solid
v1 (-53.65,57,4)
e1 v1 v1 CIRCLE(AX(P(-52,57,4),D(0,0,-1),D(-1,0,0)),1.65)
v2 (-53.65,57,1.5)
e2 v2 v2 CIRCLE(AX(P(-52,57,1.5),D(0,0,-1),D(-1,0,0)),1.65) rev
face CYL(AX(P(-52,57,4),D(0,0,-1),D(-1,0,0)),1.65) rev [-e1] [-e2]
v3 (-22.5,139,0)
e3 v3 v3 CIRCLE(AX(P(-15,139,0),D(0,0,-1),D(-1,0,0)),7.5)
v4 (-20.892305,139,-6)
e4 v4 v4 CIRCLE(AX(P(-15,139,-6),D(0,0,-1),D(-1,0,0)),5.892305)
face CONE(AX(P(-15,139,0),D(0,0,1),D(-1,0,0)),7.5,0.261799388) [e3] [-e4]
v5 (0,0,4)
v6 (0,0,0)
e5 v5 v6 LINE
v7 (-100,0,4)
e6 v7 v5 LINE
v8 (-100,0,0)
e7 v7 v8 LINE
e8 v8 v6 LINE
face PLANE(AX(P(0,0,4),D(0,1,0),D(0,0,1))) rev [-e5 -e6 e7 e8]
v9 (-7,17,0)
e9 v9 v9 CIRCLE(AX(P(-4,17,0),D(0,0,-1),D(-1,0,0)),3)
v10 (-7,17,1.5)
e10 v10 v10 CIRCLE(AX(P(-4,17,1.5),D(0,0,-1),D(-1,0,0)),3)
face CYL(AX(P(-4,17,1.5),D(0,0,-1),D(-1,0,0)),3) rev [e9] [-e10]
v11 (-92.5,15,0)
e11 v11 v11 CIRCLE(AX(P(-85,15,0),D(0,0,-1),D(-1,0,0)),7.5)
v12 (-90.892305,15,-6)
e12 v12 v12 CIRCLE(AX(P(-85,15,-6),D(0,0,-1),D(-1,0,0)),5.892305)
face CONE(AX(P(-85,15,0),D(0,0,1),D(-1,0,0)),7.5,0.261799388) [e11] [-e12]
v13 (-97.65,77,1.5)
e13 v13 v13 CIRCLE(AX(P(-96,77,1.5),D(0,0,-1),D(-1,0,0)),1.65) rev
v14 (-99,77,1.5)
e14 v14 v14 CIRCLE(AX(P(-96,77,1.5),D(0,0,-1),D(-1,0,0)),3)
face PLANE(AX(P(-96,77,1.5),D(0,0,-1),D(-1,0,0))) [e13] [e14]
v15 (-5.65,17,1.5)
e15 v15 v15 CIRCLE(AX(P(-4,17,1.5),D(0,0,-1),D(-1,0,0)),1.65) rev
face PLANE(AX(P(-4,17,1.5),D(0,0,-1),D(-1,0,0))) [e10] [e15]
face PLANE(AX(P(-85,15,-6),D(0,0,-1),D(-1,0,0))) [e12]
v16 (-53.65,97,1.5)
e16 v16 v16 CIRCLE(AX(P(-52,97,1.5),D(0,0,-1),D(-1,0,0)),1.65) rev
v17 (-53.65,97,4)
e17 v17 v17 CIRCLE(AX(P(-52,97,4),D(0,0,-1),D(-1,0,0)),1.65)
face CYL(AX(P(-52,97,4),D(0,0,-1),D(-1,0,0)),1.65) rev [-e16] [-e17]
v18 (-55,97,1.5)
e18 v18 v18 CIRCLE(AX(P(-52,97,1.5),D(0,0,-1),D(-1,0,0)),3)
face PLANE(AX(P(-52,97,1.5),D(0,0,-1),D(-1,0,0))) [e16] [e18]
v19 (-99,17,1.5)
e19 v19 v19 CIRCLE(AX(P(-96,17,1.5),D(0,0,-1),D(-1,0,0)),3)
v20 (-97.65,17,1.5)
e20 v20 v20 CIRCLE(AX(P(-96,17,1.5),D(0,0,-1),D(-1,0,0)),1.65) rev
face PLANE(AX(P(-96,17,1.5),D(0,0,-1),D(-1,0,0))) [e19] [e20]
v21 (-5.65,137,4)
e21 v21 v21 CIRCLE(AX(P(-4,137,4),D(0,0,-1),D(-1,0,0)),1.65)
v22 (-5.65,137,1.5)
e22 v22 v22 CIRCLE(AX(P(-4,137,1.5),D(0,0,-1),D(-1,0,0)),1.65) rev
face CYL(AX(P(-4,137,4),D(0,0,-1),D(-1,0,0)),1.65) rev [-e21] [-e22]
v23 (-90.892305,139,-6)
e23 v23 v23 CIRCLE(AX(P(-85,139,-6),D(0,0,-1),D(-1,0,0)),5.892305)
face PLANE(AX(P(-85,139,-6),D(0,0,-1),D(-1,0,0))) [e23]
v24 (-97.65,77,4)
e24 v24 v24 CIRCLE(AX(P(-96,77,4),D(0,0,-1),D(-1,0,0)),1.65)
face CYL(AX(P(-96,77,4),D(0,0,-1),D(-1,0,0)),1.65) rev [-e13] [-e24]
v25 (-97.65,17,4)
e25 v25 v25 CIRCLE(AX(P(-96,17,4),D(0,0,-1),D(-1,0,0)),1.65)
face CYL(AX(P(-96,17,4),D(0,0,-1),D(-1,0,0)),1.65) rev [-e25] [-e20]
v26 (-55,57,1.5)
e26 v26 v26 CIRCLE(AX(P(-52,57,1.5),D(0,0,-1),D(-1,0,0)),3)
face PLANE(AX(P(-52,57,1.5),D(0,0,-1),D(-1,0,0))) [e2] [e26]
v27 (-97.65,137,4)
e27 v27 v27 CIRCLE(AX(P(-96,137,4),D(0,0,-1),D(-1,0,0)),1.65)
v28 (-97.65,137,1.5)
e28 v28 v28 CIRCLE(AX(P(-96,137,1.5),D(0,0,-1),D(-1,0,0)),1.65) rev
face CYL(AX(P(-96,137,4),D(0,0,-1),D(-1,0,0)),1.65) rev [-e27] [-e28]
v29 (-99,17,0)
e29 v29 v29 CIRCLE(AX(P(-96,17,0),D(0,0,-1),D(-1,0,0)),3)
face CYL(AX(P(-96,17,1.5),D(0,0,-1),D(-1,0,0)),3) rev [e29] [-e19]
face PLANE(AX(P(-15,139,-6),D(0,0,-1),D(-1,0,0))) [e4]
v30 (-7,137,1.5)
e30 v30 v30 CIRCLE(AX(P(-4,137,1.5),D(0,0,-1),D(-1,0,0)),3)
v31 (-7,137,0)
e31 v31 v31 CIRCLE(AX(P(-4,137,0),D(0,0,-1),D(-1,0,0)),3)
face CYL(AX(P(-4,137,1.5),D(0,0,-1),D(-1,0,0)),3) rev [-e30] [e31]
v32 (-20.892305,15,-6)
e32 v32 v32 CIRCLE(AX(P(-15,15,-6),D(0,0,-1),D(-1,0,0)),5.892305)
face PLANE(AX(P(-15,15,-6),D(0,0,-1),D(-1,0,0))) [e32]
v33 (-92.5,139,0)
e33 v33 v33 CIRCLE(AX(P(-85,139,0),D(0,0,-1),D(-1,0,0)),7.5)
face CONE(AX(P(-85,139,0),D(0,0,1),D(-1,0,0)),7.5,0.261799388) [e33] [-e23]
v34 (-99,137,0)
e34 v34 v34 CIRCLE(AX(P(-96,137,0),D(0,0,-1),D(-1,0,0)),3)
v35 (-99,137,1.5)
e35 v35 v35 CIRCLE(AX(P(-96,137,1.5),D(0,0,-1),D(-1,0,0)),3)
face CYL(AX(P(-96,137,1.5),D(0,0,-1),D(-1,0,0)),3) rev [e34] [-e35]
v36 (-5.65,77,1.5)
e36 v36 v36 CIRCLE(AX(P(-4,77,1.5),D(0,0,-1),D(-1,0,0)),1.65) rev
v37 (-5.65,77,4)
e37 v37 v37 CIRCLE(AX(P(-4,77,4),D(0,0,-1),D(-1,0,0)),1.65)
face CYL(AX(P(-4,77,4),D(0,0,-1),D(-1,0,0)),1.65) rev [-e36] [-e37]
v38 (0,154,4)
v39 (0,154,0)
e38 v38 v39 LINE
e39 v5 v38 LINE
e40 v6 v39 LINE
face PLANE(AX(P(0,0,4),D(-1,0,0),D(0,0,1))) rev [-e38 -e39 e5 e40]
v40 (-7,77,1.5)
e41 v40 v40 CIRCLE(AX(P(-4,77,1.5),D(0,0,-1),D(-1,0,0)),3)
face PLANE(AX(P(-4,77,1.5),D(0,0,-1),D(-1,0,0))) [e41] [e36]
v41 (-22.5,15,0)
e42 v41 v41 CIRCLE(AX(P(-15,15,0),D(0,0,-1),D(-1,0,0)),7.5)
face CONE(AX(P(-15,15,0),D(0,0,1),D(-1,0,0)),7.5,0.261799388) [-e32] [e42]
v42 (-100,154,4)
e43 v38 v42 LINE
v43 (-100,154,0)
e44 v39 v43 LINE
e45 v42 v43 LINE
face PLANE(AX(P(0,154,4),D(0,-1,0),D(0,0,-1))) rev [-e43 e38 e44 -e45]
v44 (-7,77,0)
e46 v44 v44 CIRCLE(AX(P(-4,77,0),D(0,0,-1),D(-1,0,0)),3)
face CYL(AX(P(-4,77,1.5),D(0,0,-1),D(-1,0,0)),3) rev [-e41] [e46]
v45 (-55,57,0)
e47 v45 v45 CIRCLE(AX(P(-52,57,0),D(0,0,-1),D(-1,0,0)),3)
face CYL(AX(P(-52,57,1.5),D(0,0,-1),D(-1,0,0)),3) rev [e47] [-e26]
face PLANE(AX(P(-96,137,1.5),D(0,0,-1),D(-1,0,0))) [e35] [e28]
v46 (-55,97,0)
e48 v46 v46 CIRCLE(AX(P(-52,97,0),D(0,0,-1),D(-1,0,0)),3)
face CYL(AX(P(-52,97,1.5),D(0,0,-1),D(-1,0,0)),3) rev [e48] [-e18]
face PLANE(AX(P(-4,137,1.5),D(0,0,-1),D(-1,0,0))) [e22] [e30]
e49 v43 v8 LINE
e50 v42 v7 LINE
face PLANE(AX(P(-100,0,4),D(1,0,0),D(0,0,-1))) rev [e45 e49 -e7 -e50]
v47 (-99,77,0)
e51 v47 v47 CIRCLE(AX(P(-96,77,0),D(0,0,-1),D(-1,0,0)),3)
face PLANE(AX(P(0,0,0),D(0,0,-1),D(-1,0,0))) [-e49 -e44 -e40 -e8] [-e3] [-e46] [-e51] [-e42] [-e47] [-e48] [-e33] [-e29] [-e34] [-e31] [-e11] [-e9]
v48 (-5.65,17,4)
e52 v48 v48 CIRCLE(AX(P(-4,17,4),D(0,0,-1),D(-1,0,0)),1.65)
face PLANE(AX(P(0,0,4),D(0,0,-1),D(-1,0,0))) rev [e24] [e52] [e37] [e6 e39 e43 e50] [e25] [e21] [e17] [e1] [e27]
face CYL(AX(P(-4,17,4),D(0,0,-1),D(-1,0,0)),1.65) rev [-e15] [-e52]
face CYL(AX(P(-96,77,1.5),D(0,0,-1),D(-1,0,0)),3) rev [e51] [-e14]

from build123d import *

# Parameters (mm, degrees)
SKETCH1_W                     = 154
SKETCH1_H                     = 100
BOSS_EXTRUDE1_DEPTH           = 4
SKETCH2_R                     = 1.65
CUT_EXTRUDE1_DEPTH            = 184.66273438
SKETCH3_R                     = 7.5
BOSS_EXTRUDE2_DEPTH           = 6
BOSS_EXTRUDE2_DRAFT           = 15
BOSS_EXTRUDE2_PROFILE_2_DEPTH = 6
BOSS_EXTRUDE2_PROFILE_2_DRAFT = 15
BOSS_EXTRUDE2_PROFILE_3_DEPTH = 6
BOSS_EXTRUDE2_PROFILE_3_DRAFT = 15
BOSS_EXTRUDE2_PROFILE_4_DEPTH = 6
BOSS_EXTRUDE2_PROFILE_4_DRAFT = 15
SKETCH4_R                     = 3
CUT_EXTRUDE2_DEPTH            = 1.5


with BuildPart() as part:
    # Sketch1 → Boss-Extrude1 (new body)
    with BuildSketch(Plane(origin=(0, 0, 0), x_dir=(0, 1, 0), z_dir=(0, 0, 1))):
        with Locations((77, 50)):
            Rectangle(SKETCH1_W, SKETCH1_H)
    extrude(amount=BOSS_EXTRUDE1_DEPTH)

    # Sketch2 → Cut-Extrude1 (cut, through all)
    with BuildSketch(Plane(origin=(0, 0, 0), x_dir=(1, 0, 0), z_dir=(0, 0, -1))):
        with Locations(Location((-4, -77, 0), (0, 0, 180))):
            Circle(SKETCH2_R)
        with Locations(Location((-4, -17, 0), (0, 0, 180))):
            Circle(SKETCH2_R)
        with Locations(Location((-4, -137, 0), (0, 0, 180))):
            Circle(SKETCH2_R)
        with Locations(Location((-96, -137, 0), (0, 0, 180))):
            Circle(SKETCH2_R)
        with Locations(Location((-96, -77, 0), (0, 0, 180))):
            Circle(SKETCH2_R)
        with Locations(Location((-96, -17, 0), (0, 0, 180))):
            Circle(SKETCH2_R)
        with Locations(Location((-52, -97, 0), (0, 0, 180))):
            Circle(SKETCH2_R)
        with Locations(Location((-52, -57, 0), (0, 0, 180))):
            Circle(SKETCH2_R)
    extrude(amount=-CUT_EXTRUDE1_DEPTH, mode=Mode.SUBTRACT)


with BuildPart() as boss_extrude2_tool:
    # Sketch3 → Boss-Extrude2 (with draft: the straight prism first)
    with BuildSketch(Plane(origin=(0, 0, 0), x_dir=(1, 0, 0), z_dir=(0, 0, -1))):
        with Locations((-85, -15)):
            Circle(SKETCH3_R)
    extrude(amount=BOSS_EXTRUDE2_DEPTH)
    # Boss-Extrude2: the draft: its side faces are tilted about the plane it starts from
    boss_extrude2_sides = [boss_extrude2_tool.faces().sort_by_distance(p)[0] for p in [
        (-92.5, 15, -3),
    ]]
    draft(boss_extrude2_sides, Plane(origin=(0, 0, 0), x_dir=(1, 0, 0), z_dir=(0, 0, -1)), BOSS_EXTRUDE2_DRAFT)


with BuildPart() as part_1:
    add(part.part)

    # Boss-Extrude2: add boss_extrude2_tool
    add(boss_extrude2_tool.part)


with BuildPart() as boss_extrude2_profile_2_tool:
    # Sketch3 → Boss-Extrude2 profile 2 (with draft: the straight prism first)
    with BuildSketch(Plane(origin=(0, 0, 0), x_dir=(1, 0, 0), z_dir=(0, 0, -1))):
        with Locations((-15, -15)):
            Circle(SKETCH3_R)
    extrude(amount=BOSS_EXTRUDE2_PROFILE_2_DEPTH)
    # Boss-Extrude2 profile 2: the draft: its side faces are tilted about the plane it starts from
    boss_extrude2_profile_2_sides = [boss_extrude2_profile_2_tool.faces().sort_by_distance(p)[0] for p in [
        (-22.5, 15, -3),
    ]]
    draft(boss_extrude2_profile_2_sides, Plane(origin=(0, 0, 0), x_dir=(1, 0, 0), z_dir=(0, 0, -1)), BOSS_EXTRUDE2_PROFILE_2_DRAFT)


with BuildPart() as part_2:
    add(part_1.part)

    # Boss-Extrude2 profile 2: add boss_extrude2_profile_2_tool
    add(boss_extrude2_profile_2_tool.part)


with BuildPart() as boss_extrude2_profile_3_tool:
    # Sketch3 → Boss-Extrude2 profile 3 (with draft: the straight prism first)
    with BuildSketch(Plane(origin=(0, 0, 0), x_dir=(1, 0, 0), z_dir=(0, 0, -1))):
        with Locations((-15, -139)):
            Circle(SKETCH3_R)
    extrude(amount=BOSS_EXTRUDE2_PROFILE_3_DEPTH)
    # Boss-Extrude2 profile 3: the draft: its side faces are tilted about the plane it starts from
    boss_extrude2_profile_3_sides = [boss_extrude2_profile_3_tool.faces().sort_by_distance(p)[0] for p in [
        (-22.5, 139, -3),
    ]]
    draft(boss_extrude2_profile_3_sides, Plane(origin=(0, 0, 0), x_dir=(1, 0, 0), z_dir=(0, 0, -1)), BOSS_EXTRUDE2_PROFILE_3_DRAFT)


with BuildPart() as part_3:
    add(part_2.part)

    # Boss-Extrude2 profile 3: add boss_extrude2_profile_3_tool
    add(boss_extrude2_profile_3_tool.part)


with BuildPart() as boss_extrude2_profile_4_tool:
    # Sketch3 → Boss-Extrude2 profile 4 (with draft: the straight prism first)
    with BuildSketch(Plane(origin=(0, 0, 0), x_dir=(1, 0, 0), z_dir=(0, 0, -1))):
        with Locations((-85, -139)):
            Circle(SKETCH3_R)
    extrude(amount=BOSS_EXTRUDE2_PROFILE_4_DEPTH)
    # Boss-Extrude2 profile 4: the draft: its side faces are tilted about the plane it starts from
    boss_extrude2_profile_4_sides = [boss_extrude2_profile_4_tool.faces().sort_by_distance(p)[0] for p in [
        (-92.5, 139, -3),
    ]]
    draft(boss_extrude2_profile_4_sides, Plane(origin=(0, 0, 0), x_dir=(1, 0, 0), z_dir=(0, 0, -1)), BOSS_EXTRUDE2_PROFILE_4_DRAFT)


with BuildPart() as part_4:
    add(part_3.part)

    # Boss-Extrude2 profile 4: add boss_extrude2_profile_4_tool
    add(boss_extrude2_profile_4_tool.part)

    # Sketch4 → Cut-Extrude2 (cut)
    with BuildSketch(Plane(origin=(0, 0, 0), x_dir=(1, 0, 0), z_dir=(0, 0, -1))):
        with Locations(Location((-96, -17, 0), (0, 0, 180))):
            Circle(SKETCH4_R)
        with Locations(Location((-4, -17, 0), (0, 0, 180))):
            Circle(SKETCH4_R)
        with Locations(Location((-4, -77, 0), (0, 0, 180))):
            Circle(SKETCH4_R)
        with Locations(Location((-96, -77, 0), (0, 0, 180))):
            Circle(SKETCH4_R)
        with Locations(Location((-96, -137, 0), (0, 0, 180))):
            Circle(SKETCH4_R)
        with Locations(Location((-4, -137, 0), (0, 0, 180))):
            Circle(SKETCH4_R)
        with Locations(Location((-52, -57, 0), (0, 0, 180))):
            Circle(SKETCH4_R)
        with Locations(Location((-52, -97, 0), (0, 0, 180))):
            Circle(SKETCH4_R)
    extrude(amount=-CUT_EXTRUDE2_DEPTH, mode=Mode.SUBTRACT)


solid = part_4.part
